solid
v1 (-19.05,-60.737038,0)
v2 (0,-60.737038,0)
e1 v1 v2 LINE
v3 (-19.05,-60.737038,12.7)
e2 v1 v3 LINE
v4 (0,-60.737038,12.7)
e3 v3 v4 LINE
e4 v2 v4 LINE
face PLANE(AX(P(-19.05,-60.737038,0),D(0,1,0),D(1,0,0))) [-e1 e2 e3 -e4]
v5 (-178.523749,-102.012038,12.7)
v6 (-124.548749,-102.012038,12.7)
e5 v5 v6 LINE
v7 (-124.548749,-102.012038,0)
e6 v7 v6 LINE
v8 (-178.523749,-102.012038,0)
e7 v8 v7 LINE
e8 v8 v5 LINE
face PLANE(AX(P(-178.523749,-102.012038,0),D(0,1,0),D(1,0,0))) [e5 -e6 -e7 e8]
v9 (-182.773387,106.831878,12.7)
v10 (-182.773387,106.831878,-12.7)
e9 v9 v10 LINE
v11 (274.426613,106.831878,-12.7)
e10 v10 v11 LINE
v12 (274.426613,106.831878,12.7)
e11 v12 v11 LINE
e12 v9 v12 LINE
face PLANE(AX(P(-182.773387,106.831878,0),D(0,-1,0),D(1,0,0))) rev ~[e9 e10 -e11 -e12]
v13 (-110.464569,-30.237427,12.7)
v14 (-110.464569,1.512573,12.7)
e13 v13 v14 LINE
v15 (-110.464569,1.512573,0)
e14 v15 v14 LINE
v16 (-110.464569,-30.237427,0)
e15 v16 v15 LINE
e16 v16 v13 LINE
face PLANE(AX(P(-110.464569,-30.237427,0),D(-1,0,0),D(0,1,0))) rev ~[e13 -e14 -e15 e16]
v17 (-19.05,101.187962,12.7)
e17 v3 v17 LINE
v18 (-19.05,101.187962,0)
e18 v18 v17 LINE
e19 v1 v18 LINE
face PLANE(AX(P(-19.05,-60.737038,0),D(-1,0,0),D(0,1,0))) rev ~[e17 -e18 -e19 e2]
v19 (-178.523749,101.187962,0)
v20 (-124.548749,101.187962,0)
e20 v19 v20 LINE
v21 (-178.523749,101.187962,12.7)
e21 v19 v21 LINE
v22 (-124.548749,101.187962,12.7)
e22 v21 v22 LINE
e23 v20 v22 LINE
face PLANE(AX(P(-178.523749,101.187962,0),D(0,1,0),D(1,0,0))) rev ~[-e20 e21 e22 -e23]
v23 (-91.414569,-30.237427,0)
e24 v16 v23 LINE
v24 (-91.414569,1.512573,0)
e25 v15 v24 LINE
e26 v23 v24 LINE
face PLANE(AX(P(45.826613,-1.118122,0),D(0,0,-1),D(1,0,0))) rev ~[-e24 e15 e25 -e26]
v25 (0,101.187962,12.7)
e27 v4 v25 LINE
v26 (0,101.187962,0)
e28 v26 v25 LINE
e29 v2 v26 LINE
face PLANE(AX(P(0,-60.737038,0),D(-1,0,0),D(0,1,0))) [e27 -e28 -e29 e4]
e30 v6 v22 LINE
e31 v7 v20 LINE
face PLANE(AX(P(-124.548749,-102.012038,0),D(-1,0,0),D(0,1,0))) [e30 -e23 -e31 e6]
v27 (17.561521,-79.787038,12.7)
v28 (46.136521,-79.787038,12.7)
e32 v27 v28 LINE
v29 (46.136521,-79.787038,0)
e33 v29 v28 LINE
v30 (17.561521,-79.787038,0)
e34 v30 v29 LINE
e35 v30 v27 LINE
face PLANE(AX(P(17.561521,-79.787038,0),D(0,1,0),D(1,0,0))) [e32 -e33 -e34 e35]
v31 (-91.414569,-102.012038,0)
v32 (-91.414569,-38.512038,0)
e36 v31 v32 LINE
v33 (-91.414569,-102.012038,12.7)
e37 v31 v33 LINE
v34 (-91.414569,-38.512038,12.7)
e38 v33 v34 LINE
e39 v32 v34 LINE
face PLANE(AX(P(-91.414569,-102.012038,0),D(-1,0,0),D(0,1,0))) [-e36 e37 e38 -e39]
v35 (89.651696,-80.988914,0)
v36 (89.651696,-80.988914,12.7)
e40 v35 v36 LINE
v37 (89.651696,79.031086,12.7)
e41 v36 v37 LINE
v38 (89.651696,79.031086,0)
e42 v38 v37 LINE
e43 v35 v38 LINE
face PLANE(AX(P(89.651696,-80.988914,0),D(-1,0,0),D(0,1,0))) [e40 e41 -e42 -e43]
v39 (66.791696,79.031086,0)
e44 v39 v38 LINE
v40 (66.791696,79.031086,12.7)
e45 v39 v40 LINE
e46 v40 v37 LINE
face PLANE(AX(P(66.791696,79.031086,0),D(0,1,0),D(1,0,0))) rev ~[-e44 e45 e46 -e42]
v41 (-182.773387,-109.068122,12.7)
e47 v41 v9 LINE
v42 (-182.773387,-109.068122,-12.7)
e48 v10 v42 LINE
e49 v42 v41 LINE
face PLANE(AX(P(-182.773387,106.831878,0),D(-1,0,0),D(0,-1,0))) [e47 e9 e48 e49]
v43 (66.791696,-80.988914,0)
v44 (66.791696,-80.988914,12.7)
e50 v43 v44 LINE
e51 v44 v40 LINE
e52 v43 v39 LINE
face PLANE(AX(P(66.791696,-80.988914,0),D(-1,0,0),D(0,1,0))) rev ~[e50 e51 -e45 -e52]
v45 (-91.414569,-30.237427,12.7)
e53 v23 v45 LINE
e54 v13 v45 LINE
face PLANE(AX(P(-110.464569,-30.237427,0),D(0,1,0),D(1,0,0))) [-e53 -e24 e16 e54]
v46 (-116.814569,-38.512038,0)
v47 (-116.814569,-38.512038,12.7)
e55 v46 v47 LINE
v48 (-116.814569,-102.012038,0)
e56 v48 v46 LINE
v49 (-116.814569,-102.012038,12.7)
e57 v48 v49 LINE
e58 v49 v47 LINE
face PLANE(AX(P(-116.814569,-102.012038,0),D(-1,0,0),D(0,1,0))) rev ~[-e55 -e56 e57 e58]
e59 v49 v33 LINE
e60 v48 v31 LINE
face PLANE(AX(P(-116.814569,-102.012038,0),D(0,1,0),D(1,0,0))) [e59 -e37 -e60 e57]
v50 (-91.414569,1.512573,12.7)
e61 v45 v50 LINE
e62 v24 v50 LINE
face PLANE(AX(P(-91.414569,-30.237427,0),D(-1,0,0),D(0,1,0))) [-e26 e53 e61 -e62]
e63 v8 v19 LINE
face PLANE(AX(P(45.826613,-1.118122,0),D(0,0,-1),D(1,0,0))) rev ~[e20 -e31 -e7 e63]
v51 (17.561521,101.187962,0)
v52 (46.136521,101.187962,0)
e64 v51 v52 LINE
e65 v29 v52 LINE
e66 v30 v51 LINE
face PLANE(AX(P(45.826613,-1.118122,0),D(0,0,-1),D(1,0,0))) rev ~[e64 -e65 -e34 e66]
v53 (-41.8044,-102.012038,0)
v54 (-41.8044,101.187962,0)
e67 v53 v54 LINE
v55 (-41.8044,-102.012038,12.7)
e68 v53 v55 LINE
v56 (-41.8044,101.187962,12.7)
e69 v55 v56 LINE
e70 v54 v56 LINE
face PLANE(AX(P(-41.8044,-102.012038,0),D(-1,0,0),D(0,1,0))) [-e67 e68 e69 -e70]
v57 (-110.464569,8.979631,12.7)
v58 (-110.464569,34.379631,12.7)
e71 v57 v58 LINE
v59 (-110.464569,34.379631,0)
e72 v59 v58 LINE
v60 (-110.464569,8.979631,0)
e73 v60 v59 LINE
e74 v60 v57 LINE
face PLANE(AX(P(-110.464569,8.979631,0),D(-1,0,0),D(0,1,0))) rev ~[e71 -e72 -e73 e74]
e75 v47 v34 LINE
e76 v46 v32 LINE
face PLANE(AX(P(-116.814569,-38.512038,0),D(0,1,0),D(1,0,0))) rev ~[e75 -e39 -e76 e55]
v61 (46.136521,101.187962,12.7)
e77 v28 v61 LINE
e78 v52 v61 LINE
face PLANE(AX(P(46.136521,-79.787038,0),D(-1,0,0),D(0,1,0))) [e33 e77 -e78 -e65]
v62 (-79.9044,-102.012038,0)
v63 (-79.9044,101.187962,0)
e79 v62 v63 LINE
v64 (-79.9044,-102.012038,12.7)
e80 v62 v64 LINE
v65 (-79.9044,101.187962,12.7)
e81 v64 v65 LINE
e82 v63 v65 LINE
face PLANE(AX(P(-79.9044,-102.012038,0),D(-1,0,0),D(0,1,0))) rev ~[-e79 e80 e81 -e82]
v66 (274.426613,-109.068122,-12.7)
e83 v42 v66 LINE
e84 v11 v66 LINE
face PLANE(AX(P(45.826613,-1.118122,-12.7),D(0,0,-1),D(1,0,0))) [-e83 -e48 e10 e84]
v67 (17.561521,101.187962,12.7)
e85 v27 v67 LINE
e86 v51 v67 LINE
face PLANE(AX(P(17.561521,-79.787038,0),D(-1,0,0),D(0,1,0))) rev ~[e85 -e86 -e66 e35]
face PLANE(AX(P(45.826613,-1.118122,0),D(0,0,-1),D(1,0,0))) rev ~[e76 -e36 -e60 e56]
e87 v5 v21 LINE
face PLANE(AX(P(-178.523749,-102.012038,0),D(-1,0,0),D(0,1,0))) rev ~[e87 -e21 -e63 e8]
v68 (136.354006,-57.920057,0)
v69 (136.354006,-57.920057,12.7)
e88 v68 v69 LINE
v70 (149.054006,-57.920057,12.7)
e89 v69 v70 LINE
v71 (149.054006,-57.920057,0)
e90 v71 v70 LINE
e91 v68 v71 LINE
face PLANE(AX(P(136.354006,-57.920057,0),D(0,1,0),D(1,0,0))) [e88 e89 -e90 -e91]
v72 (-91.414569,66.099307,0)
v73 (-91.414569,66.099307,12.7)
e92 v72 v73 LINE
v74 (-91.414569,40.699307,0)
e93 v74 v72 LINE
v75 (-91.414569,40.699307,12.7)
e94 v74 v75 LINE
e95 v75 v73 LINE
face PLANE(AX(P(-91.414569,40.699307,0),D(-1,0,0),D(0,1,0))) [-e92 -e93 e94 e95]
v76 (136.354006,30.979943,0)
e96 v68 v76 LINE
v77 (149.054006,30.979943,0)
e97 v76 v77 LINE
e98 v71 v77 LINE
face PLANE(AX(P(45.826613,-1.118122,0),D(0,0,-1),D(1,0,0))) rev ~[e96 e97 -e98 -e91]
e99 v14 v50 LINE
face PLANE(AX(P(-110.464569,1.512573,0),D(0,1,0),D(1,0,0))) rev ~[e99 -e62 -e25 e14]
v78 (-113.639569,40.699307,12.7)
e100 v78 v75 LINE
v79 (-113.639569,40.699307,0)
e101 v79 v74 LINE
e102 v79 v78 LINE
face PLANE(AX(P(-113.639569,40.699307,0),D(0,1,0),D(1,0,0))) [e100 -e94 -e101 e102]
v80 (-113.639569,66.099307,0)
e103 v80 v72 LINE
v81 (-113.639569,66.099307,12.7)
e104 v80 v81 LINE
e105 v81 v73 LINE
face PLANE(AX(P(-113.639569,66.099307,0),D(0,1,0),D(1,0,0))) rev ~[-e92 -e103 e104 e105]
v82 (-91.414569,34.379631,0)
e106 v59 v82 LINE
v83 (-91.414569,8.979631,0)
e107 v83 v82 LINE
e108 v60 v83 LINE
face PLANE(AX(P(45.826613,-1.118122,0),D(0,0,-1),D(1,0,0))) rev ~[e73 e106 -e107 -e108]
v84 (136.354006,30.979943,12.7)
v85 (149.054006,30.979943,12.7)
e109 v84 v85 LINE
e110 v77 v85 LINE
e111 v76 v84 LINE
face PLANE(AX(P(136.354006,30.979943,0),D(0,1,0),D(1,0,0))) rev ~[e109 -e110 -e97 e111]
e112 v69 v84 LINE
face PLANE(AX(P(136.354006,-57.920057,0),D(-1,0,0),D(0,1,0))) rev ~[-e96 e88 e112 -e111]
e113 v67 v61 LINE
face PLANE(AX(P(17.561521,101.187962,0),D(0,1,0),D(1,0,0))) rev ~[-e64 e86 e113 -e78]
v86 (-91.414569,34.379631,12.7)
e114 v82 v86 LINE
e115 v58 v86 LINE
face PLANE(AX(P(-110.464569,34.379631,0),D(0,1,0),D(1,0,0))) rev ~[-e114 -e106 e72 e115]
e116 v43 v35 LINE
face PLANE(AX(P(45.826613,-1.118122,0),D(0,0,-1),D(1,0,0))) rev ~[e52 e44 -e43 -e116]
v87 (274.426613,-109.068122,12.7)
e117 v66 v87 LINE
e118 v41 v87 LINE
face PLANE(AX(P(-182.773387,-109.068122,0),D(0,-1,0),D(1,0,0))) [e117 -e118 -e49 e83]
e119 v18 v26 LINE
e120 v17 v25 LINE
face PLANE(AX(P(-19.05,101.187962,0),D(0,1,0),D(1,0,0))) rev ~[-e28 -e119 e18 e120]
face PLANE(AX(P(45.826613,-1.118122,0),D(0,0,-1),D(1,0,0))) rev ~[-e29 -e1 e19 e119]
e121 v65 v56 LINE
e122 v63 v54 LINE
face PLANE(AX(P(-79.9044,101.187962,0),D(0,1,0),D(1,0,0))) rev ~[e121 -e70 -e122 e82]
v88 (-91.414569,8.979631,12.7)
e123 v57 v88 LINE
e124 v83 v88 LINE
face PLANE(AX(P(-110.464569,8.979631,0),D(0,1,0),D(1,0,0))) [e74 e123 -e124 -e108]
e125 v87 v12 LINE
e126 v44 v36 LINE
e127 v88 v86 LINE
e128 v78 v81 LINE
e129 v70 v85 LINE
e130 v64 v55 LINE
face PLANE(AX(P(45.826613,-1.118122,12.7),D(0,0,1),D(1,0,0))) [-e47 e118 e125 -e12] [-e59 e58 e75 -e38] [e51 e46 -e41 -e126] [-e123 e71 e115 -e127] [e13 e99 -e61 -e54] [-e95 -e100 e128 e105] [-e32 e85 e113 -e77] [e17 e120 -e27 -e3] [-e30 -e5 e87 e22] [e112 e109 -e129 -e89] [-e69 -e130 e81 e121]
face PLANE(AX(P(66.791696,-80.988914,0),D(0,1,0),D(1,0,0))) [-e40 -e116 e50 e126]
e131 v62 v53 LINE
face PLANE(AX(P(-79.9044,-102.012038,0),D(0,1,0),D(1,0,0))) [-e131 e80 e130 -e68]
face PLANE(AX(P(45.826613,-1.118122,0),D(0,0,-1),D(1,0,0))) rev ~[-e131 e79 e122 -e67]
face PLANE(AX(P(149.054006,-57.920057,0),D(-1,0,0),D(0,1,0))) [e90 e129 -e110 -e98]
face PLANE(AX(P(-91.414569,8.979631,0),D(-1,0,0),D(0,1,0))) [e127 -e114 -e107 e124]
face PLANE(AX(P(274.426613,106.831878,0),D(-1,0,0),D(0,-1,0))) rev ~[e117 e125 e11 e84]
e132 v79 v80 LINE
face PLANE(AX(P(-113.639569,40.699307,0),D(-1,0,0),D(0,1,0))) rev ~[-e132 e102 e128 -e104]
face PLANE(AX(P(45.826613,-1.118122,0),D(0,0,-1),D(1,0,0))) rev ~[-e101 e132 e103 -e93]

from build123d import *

# Parameters (mm, degrees)
F0_W     = 457.2
F0_H     = 215.9
F0_W_2   = 25.4
F0_H_2   = 63.5
F0_W_3   = 19.05
F0_H_3   = 31.75
F0_W_4   = 12.7
F0_H_4   = 88.9
F0_W_5   = 53.975
F0_H_5   = 203.2
F0_H_6   = 25.4
F0_W_6   = 38.1
F0_W_7   = 28.575
F0_H_7   = 180.975
F0_H_8   = 161.925
F0_W_8   = 22.225
F0_W_9   = 22.86
F0_H_9   = 160.02
F1_DEPTH = 12.7
F2_W     = 457.2
F2_H     = 215.9
F3_DEPTH = 12.7


with BuildPart() as f1:
    # F0 (on Top) → F1 (new body)
    with BuildSketch(Plane.XY):
        with Locations((45.826613, -1.118122)):
            Rectangle(F0_W, F0_H)
        with Locations((-104.114569, -70.262038)):
            Rectangle(F0_W_2, F0_H_2, mode=Mode.SUBTRACT)
        with Locations((-100.939569, -14.362427)):
            Rectangle(F0_W_3, F0_H_3, mode=Mode.SUBTRACT)
        with Locations((142.704006, -13.470057)):
            Rectangle(F0_W_4, F0_H_4, mode=Mode.SUBTRACT)
        with Locations((-151.536249, -0.412038)):
            Rectangle(F0_W_5, F0_H_5, mode=Mode.SUBTRACT)
        with Locations((-100.939569, 21.679631)):
            Rectangle(F0_W_3, F0_H_6, mode=Mode.SUBTRACT)
        with Locations((-60.8544, -0.412038)):
            Rectangle(F0_W_6, F0_H_5, mode=Mode.SUBTRACT)
        with Locations((31.849021, 10.700462)):
            Rectangle(F0_W_7, F0_H_7, mode=Mode.SUBTRACT)
        with Locations((-9.525, 20.225462)):
            Rectangle(F0_W_3, F0_H_8, mode=Mode.SUBTRACT)
        with Locations((-102.527069, 53.399307)):
            Rectangle(F0_W_8, F0_H_6, mode=Mode.SUBTRACT)
        with Locations((78.221696, -0.978914)):
            Rectangle(F0_W_9, F0_H_9, mode=Mode.SUBTRACT)
    extrude(amount=F1_DEPTH)

    # F2 (on face) → F3 (join)
    with BuildSketch(Plane(origin=(0, 0, 0), x_dir=(1, 0, 0), z_dir=(0, 0, -1))):
        with Locations((45.826613, 1.118122)):
            Rectangle(F2_W, F2_H)
    extrude(amount=F3_DEPTH)


solid = f1.part
